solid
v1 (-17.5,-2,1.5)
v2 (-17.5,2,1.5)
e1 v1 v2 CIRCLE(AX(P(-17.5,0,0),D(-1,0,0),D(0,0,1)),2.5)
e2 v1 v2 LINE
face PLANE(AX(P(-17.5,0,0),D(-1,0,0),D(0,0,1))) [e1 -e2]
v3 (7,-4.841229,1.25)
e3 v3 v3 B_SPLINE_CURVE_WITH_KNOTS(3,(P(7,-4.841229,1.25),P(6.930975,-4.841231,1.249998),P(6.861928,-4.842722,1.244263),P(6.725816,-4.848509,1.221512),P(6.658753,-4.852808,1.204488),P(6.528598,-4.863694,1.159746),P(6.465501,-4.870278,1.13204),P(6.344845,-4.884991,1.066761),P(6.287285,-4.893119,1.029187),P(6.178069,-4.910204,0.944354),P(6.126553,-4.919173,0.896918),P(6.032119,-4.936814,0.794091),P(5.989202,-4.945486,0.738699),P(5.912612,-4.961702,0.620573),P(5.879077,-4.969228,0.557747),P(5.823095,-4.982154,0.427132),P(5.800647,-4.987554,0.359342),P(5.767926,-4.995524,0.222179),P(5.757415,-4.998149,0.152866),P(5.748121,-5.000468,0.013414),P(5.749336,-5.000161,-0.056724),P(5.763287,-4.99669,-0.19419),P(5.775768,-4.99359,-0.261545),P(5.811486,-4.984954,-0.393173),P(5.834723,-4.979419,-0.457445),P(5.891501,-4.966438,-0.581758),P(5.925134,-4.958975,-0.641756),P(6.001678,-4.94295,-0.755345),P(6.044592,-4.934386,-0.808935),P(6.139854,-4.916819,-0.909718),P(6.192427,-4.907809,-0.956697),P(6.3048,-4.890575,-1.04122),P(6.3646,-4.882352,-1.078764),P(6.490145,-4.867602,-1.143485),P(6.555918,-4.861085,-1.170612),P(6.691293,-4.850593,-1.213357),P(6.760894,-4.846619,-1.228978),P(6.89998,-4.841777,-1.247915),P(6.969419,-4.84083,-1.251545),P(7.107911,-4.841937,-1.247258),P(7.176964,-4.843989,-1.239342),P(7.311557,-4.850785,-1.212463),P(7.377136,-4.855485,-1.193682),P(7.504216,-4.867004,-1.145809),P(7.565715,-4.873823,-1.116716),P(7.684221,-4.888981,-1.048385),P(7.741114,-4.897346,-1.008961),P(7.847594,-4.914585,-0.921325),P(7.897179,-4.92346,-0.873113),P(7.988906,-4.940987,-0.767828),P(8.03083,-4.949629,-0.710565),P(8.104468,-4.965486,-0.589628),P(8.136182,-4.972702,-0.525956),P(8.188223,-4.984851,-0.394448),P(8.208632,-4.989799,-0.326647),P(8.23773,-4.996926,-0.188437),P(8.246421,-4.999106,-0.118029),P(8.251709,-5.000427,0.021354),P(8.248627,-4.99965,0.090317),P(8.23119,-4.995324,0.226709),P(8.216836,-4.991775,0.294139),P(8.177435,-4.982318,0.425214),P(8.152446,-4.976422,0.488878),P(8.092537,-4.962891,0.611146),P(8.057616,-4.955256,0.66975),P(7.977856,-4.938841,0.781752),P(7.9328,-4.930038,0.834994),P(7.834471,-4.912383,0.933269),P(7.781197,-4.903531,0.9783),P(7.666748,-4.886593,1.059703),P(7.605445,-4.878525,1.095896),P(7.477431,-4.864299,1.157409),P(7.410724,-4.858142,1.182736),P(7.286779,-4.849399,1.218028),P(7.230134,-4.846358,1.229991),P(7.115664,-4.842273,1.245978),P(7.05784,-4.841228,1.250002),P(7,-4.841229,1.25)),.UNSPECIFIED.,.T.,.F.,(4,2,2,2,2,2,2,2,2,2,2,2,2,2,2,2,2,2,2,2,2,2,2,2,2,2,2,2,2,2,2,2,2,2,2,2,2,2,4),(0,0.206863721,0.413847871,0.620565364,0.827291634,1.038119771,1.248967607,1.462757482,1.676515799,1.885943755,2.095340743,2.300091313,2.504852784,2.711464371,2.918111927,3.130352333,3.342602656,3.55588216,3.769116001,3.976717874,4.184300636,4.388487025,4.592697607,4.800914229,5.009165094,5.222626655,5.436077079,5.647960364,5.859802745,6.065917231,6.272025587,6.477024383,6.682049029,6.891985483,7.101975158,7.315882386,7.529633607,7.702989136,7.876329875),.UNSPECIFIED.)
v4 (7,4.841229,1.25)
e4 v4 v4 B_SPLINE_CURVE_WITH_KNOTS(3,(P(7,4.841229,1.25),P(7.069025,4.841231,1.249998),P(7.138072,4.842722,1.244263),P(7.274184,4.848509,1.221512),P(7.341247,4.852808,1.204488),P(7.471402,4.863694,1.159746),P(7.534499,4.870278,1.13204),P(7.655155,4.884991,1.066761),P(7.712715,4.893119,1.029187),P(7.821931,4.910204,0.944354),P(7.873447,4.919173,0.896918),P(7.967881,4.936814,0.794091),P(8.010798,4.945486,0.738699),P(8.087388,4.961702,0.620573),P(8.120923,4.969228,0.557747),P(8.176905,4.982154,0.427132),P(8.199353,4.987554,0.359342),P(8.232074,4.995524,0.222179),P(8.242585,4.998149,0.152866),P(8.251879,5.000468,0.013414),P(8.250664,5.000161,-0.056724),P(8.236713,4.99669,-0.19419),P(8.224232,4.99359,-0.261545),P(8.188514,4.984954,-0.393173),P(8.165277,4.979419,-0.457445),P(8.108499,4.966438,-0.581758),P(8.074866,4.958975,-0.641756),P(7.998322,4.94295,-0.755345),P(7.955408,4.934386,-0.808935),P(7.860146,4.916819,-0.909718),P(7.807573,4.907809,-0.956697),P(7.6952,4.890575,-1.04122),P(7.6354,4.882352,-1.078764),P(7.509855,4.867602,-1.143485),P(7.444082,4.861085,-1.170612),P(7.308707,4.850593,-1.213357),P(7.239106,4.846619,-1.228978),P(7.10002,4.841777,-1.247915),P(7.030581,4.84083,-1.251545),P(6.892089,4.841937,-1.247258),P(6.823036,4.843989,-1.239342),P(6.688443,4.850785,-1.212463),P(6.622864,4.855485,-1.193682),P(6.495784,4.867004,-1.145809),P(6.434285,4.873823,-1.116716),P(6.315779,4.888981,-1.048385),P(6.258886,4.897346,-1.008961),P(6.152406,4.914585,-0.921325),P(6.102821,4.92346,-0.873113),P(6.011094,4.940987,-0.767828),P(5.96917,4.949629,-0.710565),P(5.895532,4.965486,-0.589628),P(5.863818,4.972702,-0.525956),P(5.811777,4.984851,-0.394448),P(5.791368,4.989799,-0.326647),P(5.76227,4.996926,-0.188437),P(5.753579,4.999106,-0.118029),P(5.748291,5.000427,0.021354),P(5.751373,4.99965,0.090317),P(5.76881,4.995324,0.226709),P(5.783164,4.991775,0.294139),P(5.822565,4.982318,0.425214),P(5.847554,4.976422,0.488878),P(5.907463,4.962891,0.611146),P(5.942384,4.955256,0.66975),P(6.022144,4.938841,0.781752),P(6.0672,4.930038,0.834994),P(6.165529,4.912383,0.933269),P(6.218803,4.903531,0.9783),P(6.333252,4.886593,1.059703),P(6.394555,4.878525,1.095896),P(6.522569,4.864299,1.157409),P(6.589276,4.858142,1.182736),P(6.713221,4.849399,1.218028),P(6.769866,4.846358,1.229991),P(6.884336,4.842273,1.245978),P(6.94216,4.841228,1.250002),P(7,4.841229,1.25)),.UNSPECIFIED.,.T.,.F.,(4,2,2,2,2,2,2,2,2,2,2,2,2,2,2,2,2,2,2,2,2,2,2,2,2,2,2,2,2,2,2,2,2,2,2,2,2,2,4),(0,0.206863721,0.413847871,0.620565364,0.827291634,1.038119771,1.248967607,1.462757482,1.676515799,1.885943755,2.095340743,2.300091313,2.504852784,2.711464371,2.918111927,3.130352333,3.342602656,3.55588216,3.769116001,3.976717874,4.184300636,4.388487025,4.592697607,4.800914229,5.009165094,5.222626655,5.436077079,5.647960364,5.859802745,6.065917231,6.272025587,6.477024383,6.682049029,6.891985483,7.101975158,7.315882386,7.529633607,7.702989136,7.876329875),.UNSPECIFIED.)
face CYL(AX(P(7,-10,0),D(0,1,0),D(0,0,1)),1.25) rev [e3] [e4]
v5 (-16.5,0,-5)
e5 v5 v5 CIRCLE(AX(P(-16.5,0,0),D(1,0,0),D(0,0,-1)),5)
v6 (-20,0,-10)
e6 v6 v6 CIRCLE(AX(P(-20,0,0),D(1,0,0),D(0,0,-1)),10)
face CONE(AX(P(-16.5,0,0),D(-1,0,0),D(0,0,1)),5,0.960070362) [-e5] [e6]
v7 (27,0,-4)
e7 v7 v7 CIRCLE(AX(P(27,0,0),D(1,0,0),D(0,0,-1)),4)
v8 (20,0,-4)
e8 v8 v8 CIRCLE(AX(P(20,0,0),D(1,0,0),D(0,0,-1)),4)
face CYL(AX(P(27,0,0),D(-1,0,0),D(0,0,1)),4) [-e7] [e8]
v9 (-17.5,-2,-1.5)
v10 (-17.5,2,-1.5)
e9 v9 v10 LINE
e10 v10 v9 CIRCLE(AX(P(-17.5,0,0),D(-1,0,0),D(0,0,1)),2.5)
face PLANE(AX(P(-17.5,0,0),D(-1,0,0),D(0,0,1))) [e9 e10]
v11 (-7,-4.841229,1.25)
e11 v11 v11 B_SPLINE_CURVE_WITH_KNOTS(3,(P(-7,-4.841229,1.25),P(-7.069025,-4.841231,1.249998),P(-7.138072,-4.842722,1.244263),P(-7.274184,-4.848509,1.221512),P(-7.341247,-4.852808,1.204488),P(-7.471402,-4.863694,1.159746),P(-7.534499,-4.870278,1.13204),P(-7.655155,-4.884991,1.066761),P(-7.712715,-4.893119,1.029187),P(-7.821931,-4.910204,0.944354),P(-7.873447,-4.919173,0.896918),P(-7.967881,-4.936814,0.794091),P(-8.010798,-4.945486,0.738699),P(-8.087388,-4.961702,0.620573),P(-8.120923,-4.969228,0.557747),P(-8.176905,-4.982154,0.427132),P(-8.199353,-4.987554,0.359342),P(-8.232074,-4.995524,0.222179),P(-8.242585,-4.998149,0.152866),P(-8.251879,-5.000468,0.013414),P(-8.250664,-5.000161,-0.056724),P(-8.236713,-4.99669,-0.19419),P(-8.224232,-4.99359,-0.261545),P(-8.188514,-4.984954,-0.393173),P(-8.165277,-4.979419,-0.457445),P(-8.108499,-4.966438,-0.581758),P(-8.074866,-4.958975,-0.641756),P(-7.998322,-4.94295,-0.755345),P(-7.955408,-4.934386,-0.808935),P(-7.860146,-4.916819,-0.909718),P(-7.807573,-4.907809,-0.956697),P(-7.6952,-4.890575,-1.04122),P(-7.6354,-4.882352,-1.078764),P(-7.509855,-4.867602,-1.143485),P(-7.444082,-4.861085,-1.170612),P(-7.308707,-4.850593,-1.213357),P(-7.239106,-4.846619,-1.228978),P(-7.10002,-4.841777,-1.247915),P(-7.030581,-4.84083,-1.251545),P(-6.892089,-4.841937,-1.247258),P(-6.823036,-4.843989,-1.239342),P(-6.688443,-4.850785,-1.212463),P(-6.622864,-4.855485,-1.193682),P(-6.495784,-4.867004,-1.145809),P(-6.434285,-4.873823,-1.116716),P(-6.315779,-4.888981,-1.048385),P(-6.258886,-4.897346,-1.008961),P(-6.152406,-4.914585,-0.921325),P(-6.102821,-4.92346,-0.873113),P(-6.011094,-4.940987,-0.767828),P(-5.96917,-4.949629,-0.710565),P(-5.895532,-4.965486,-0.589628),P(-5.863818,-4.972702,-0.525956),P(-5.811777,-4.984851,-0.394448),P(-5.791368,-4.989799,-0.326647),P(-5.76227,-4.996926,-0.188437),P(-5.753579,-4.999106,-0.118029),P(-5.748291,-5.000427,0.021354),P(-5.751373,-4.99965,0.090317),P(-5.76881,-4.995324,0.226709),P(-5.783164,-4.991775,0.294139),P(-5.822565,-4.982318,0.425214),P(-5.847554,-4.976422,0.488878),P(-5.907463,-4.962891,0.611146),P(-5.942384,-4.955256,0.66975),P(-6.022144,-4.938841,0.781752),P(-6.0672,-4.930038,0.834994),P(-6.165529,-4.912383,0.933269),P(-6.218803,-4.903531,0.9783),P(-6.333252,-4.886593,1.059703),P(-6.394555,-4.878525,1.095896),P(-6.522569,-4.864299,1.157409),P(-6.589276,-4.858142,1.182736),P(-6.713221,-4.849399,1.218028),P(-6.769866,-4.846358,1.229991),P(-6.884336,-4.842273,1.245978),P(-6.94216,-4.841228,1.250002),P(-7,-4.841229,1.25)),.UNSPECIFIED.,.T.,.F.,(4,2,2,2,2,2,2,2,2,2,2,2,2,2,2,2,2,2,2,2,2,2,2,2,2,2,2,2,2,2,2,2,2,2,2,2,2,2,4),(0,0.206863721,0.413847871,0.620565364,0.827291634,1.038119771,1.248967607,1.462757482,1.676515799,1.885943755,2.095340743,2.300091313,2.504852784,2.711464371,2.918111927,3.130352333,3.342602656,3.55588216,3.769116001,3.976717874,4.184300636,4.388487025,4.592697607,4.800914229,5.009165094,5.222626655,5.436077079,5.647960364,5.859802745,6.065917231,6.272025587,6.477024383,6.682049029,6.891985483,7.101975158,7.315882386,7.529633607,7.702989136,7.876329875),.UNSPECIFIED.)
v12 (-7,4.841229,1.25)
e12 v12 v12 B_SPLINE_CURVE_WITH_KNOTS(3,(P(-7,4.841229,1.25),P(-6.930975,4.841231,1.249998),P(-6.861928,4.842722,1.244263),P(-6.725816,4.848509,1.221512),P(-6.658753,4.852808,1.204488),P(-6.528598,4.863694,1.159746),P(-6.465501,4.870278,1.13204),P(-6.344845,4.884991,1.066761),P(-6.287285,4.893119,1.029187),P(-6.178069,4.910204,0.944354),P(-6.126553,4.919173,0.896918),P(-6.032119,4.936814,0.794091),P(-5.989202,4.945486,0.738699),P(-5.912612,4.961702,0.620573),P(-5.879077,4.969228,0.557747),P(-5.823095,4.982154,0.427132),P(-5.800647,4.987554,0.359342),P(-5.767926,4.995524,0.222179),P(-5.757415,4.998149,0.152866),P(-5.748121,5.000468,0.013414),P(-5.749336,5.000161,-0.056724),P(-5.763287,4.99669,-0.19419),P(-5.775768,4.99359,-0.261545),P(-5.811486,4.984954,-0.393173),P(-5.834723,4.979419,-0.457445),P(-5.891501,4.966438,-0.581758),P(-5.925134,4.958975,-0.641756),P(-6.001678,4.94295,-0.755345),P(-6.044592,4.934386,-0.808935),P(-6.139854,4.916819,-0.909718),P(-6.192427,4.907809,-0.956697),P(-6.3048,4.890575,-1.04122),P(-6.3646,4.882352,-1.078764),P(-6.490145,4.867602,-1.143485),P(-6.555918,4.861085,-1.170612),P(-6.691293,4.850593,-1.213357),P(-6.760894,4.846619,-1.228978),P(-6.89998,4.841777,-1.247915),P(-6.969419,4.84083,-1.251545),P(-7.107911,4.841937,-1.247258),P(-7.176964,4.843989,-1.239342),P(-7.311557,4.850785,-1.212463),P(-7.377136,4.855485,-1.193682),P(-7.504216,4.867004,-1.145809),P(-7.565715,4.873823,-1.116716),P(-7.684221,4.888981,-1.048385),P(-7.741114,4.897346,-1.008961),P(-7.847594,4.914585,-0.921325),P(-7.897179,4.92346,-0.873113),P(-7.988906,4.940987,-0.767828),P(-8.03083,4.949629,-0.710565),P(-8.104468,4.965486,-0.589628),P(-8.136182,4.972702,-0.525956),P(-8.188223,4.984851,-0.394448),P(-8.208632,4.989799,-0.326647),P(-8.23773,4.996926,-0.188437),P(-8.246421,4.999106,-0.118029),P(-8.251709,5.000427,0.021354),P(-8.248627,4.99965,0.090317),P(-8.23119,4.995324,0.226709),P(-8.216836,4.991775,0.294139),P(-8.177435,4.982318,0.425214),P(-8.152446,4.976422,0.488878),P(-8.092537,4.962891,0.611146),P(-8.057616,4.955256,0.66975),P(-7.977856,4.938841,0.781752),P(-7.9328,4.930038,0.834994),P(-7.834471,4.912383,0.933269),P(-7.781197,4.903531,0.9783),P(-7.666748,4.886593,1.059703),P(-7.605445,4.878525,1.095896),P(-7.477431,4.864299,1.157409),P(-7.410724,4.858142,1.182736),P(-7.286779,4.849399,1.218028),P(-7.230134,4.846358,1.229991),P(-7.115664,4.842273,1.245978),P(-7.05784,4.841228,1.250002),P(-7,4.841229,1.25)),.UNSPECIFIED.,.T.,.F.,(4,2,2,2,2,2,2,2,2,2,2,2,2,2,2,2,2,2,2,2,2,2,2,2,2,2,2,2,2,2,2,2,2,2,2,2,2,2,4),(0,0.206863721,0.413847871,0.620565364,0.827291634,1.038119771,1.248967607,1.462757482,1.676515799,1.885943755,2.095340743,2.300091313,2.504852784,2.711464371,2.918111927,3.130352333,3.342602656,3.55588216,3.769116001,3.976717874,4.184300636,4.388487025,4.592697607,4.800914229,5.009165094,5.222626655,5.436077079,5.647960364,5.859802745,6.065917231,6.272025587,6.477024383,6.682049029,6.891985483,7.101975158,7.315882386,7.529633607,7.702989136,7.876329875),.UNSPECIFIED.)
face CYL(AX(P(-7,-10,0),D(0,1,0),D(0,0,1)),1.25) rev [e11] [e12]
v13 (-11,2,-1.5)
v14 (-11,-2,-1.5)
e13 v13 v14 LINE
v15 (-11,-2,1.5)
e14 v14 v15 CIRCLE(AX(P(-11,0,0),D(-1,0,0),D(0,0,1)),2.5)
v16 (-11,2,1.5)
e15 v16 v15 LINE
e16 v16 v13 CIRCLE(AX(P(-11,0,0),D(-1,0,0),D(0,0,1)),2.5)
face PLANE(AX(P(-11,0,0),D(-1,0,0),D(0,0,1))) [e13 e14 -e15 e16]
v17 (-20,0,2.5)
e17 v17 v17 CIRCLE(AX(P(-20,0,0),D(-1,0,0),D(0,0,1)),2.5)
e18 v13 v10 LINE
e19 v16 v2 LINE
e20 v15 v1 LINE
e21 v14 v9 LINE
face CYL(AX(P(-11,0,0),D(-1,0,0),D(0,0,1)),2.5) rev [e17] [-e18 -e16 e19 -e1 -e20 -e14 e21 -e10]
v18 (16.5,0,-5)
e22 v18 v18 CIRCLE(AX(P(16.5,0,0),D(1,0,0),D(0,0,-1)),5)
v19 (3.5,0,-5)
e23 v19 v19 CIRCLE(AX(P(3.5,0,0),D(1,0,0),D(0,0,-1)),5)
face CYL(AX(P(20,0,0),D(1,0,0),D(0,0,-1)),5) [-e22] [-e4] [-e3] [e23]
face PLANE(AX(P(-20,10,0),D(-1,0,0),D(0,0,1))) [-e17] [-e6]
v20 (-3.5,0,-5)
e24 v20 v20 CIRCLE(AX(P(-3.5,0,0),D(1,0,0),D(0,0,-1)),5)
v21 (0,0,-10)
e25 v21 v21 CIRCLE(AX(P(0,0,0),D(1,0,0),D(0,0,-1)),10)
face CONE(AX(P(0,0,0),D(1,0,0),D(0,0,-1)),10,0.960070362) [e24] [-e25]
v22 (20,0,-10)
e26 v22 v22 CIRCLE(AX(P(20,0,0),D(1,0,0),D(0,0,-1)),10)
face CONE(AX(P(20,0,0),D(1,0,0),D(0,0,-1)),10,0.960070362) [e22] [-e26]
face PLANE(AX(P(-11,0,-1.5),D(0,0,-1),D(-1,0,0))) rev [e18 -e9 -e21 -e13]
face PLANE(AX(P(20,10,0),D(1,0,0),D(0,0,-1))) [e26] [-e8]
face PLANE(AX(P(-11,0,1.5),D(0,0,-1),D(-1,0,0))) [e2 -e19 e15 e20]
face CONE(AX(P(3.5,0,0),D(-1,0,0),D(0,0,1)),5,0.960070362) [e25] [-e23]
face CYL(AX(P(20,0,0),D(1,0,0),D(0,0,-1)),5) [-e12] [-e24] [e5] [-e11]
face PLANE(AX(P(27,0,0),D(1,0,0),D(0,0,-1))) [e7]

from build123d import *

# Parameters (mm, degrees)
CUT_EXTRUDE1_DEPTH      = 9
SKETCH3_R               = 2.5
CUT_EXTRUDE2_DEPTH      = 2.5
SKETCH4_R               = 4
BOSS_EXTRUDE1_DEPTH     = 7
SKETCH5_R               = 1.25
CUT_EXTRUDE3_DEPTH      = 11
CUT_EXTRUDE3_DEPTH_BACK = 11


with BuildPart() as part:
    # Sketch1 → Revolve1 (revolve)
    with BuildSketch(Plane.XY):
        Polygon((20, 0), (-20, 0), (-20, 10), (-16.5, 5), (-3.5, 5), (0, 10), (3.5, 5), (16.5, 5), (20, 10), align=None)
    revolve(axis=Axis((20, 0, 0), (-1, 0, 0)))

    # Sketch2 → Cut-Extrude1 (cut)
    with BuildSketch(Plane.ZY.offset(20)):
        with BuildLine():
            ThreePointArc((1.5, 2), (0, 2.5), (-1.5, 2))
            Line((-1.5, 2), (-1.5, -2))
            ThreePointArc((-1.5, -2), (0, -2.5), (1.5, -2))
            Line((1.5, -2), (1.5, 2))
        make_face()
    extrude(amount=-CUT_EXTRUDE1_DEPTH, mode=Mode.SUBTRACT)

    # Sketch3 → Cut-Extrude2 (cut)
    with BuildSketch(Plane.ZY.offset(20)):
        Circle(SKETCH3_R)
    extrude(amount=-CUT_EXTRUDE2_DEPTH, mode=Mode.SUBTRACT)

    # Sketch4 → Boss-Extrude1 (add)
    with BuildSketch(Plane(origin=(20, 0, 0), x_dir=(0, 0, -1), z_dir=(1, 0, 0))):
        Circle(SKETCH4_R)
    extrude(amount=BOSS_EXTRUDE1_DEPTH)

    # Sketch5 → Cut-Extrude3 (cut, two sides)
    with BuildSketch(Plane(origin=(0, 0, 0), x_dir=(1, 0, 0), z_dir=(0, 1, 0))) as cut_extrude3_sk:
        with Locations((-7, 0)):
            Circle(SKETCH5_R)
        with Locations((7, 0)):
            Circle(SKETCH5_R)
    extrude(amount=CUT_EXTRUDE3_DEPTH, mode=Mode.SUBTRACT)
    extrude(cut_extrude3_sk.sketch, amount=-CUT_EXTRUDE3_DEPTH_BACK, mode=Mode.SUBTRACT)


solid = part.part
